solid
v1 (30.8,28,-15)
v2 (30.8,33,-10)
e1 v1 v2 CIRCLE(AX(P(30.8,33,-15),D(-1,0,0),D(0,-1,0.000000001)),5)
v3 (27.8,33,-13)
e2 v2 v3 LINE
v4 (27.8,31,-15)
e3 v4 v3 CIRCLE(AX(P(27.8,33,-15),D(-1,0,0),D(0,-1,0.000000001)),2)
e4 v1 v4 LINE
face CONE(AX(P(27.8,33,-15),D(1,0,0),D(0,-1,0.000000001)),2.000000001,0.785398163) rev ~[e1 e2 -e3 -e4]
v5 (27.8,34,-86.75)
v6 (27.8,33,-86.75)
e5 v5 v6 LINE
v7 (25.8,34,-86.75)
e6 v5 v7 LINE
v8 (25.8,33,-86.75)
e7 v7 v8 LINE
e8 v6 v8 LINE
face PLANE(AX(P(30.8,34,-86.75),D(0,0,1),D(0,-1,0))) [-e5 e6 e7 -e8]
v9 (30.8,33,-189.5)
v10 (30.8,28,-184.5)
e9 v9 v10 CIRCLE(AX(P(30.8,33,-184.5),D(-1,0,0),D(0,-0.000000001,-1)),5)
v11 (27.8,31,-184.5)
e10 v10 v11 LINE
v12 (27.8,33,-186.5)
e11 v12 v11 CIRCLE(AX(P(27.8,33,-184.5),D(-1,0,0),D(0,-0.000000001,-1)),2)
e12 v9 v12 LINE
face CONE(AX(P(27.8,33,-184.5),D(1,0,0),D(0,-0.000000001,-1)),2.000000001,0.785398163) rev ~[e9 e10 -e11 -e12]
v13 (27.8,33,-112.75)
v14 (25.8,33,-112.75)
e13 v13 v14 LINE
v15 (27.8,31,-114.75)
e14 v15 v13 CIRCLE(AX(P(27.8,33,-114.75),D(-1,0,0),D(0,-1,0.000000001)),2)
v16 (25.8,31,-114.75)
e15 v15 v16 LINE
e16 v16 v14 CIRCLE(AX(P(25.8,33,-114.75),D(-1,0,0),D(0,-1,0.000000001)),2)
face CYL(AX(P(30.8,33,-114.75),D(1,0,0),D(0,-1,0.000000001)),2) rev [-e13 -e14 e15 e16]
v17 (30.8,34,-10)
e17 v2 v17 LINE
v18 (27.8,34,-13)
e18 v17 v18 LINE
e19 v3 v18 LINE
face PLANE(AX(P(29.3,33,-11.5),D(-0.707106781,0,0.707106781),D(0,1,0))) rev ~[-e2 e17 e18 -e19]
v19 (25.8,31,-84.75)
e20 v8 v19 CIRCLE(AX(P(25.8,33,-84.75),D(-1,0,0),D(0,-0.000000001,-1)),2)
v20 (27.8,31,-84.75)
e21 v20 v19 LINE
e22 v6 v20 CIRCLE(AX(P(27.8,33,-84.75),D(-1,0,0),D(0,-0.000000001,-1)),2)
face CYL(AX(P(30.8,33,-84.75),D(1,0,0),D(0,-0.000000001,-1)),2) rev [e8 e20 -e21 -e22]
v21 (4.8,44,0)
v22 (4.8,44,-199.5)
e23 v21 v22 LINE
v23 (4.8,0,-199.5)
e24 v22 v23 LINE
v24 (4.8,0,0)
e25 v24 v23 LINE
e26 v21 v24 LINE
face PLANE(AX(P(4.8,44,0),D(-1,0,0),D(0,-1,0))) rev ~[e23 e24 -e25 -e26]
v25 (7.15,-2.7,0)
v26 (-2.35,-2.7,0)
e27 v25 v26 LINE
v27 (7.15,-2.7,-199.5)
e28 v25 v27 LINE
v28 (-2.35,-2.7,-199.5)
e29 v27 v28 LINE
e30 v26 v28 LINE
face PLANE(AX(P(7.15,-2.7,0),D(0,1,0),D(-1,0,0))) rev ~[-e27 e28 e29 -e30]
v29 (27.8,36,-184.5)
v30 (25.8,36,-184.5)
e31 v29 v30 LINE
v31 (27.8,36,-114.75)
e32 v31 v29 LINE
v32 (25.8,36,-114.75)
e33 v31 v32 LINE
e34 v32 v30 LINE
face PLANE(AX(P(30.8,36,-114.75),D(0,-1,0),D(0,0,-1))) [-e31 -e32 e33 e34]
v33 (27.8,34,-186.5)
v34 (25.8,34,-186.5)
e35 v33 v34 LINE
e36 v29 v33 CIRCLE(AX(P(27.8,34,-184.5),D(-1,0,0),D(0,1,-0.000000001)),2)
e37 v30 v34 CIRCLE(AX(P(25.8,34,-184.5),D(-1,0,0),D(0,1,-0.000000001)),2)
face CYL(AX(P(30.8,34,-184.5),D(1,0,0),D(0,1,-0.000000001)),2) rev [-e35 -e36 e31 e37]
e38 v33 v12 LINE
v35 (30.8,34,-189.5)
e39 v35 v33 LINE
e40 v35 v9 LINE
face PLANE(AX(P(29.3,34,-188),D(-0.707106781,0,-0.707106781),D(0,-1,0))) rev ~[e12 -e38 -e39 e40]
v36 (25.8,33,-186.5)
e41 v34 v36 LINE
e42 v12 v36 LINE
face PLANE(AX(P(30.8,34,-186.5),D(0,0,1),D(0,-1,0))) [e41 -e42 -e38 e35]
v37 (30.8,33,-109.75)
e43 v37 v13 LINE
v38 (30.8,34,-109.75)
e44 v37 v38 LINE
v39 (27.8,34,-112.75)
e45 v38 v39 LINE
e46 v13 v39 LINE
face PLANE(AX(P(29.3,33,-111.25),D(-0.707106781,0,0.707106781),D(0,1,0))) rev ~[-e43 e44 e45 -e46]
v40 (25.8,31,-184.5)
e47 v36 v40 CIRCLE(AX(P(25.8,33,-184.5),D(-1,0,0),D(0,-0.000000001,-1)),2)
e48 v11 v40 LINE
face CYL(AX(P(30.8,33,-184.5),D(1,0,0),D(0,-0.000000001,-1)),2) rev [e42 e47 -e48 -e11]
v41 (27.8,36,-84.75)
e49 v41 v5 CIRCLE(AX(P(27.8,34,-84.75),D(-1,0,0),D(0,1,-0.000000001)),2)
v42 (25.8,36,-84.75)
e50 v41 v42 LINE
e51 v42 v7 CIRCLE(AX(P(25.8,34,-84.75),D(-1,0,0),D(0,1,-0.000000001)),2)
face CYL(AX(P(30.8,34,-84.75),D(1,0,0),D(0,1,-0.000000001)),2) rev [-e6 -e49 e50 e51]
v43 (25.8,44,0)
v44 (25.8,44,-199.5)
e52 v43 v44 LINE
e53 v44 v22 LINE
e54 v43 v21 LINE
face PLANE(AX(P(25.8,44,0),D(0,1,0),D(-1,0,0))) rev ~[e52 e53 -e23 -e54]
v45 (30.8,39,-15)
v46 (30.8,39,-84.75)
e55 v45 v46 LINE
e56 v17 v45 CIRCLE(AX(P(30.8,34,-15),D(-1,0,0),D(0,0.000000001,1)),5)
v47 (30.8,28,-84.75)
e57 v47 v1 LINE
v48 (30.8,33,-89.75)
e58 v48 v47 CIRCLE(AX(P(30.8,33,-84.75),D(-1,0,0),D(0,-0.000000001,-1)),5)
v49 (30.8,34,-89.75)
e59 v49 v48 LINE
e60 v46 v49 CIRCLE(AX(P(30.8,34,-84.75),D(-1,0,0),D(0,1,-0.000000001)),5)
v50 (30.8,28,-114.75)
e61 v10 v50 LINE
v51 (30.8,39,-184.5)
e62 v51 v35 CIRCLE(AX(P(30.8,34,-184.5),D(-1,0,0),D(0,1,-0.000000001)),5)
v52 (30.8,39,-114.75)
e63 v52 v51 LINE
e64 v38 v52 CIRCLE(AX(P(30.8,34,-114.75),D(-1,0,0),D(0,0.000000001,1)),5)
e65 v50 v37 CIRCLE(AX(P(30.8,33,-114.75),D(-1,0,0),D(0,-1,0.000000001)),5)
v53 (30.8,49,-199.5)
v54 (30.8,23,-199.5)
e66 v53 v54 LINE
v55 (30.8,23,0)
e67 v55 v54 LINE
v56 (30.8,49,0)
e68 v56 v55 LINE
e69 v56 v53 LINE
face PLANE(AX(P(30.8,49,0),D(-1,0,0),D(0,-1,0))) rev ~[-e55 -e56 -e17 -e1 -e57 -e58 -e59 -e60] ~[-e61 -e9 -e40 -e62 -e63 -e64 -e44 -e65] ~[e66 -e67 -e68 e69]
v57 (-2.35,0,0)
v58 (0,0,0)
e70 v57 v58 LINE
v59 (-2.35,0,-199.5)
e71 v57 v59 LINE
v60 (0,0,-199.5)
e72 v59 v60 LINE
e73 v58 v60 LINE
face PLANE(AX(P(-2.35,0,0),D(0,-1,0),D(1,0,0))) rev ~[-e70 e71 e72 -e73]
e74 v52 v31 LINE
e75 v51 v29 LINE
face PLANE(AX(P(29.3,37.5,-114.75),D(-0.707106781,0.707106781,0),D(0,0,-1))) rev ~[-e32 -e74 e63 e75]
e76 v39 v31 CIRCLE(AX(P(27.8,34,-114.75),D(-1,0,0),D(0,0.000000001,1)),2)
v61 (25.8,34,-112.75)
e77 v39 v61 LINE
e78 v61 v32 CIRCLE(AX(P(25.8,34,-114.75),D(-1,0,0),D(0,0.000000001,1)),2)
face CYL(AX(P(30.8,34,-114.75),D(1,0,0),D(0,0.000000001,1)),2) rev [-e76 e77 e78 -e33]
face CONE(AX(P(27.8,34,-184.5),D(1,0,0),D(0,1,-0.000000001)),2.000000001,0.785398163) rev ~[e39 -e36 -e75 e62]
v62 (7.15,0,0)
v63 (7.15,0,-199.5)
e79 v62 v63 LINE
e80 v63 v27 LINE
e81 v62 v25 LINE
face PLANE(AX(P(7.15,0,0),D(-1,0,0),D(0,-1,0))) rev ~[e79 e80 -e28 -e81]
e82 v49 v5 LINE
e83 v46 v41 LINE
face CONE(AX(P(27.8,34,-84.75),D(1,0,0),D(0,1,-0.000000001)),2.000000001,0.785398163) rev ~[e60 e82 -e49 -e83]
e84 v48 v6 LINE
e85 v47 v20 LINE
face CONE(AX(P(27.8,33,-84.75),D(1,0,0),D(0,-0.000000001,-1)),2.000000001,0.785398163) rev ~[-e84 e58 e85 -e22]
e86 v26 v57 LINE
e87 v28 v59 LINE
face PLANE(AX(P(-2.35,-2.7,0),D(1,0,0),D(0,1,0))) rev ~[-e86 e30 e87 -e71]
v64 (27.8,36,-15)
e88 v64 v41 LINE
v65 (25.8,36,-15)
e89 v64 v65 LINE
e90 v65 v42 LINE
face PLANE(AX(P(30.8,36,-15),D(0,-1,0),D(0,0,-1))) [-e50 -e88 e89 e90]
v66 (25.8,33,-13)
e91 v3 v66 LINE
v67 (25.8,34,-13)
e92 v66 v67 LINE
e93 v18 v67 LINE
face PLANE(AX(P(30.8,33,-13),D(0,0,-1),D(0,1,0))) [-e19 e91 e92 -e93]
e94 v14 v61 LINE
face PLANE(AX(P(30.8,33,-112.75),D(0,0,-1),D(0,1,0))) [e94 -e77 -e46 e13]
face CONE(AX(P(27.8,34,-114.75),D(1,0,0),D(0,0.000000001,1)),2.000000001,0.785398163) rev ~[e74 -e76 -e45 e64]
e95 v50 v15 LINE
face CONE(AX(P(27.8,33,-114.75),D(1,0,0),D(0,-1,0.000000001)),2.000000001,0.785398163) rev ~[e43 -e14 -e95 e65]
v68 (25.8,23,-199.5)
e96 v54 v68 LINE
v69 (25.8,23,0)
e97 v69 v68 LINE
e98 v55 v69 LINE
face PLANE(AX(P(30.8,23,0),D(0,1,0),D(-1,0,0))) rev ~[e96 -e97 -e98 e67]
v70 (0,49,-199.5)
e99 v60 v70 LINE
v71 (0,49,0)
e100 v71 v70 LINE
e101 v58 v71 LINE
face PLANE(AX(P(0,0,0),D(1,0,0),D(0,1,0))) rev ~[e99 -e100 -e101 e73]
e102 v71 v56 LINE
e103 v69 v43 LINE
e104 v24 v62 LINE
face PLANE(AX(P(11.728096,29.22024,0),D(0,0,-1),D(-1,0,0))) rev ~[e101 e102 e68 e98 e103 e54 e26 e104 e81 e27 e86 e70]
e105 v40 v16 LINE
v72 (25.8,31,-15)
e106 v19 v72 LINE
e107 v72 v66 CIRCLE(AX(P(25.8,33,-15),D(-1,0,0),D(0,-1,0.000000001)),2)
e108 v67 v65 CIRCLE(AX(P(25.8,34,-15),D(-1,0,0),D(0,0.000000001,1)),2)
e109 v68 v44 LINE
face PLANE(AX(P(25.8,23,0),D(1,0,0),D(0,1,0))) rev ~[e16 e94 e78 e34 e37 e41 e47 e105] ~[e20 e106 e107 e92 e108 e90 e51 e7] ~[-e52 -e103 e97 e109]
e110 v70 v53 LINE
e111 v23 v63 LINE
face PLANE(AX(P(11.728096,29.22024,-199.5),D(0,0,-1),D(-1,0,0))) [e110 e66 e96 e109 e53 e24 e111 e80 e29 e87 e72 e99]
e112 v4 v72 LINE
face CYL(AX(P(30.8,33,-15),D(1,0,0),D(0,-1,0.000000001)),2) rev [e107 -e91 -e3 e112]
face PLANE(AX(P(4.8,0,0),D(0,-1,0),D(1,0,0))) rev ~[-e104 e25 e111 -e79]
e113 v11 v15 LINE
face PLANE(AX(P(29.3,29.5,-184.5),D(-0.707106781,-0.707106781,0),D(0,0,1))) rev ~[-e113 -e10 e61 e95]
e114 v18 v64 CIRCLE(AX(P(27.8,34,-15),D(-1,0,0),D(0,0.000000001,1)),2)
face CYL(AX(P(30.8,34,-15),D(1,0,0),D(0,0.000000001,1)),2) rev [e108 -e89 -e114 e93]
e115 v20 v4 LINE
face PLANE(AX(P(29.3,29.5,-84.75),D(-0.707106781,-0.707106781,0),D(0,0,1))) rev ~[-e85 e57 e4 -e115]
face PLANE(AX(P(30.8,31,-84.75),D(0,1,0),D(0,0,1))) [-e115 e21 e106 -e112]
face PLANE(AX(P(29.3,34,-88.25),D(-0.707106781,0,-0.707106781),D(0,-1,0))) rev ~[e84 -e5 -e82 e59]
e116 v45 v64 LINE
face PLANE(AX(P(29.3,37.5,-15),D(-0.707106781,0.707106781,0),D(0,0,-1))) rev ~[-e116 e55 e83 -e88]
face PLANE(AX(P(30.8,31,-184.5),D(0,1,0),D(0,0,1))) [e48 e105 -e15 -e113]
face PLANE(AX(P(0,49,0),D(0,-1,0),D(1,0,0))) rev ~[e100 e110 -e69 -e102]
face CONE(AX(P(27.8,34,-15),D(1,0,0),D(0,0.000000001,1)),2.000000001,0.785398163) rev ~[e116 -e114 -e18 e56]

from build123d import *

# Parameters (mm, degrees)
BOSS_EXTRUDE1_DEPTH = 199.5
CUT_EXTRUDE1_DEPTH  = 5
CHAMFER1_SIZE       = 3


with BuildPart() as part:
    # Sketch1 → Boss-Extrude1 (new body)
    with BuildSketch(Plane.XY):
        Polygon((0, 0), (0, 49), (30.8, 49), (30.8, 23), (25.8, 23), (25.8, 44), (4.8, 44), (4.8, 0), (7.15, 0), (7.15, -2.7), (-2.35, -2.7), (-2.35, 0), align=None)
    extrude(amount=-BOSS_EXTRUDE1_DEPTH)

    # Sketch2 → Cut-Extrude1 (cut)
    with BuildSketch(Plane(origin=(30.8, 0, 0), x_dir=(0, 0, -1), z_dir=(1, 0, 0))):
        with BuildLine():
            Line((15, 36), (84.75, 36))
            ThreePointArc((84.75, 36), (86.164213562, 35.414213562), (86.75, 34))
            Line((86.75, 34), (86.75, 33))
            ThreePointArc((86.75, 33), (86.164213562, 31.585786438), (84.75, 31))
            Line((84.75, 31), (15, 31))
            ThreePointArc((15, 31), (13.585786438, 31.585786438), (13, 33))
            Line((13, 33), (13, 34))
            ThreePointArc((13, 34), (13.585786438, 35.414213562), (15, 36))
        make_face()
        with BuildLine():
            Line((114.75, 36), (184.5, 36))
            ThreePointArc((184.5, 36), (185.914213562, 35.414213562), (186.5, 34))
            Line((186.5, 34), (186.5, 33))
            ThreePointArc((186.5, 33), (185.914213562, 31.585786438), (184.5, 31))
            Line((184.5, 31), (114.75, 31))
            ThreePointArc((114.75, 31), (113.335786438, 31.585786438), (112.75, 33))
            Line((112.75, 33), (112.75, 34))
            ThreePointArc((112.75, 34), (113.335786438, 35.414213562), (114.75, 36))
        make_face()
    extrude(amount=-CUT_EXTRUDE1_DEPTH, mode=Mode.SUBTRACT)

    # Chamfer1
    chamfer1_edges = [part.edges().sort_by_distance(p)[0] for p in [
        (30.8, 31.585786438, -185.914213562),
        (30.8, 33.5, -186.5),
        (30.8, 35.414213562, -185.914213562),
        (30.8, 36, -149.625),
        (30.8, 35.414213562, -113.335786438),
        (30.8, 33.5, -112.75),
        (30.8, 31.585786438, -113.335786438),
        (30.8, 31, -149.625),
        (30.8, 31.585786438, -86.164213562),
        (30.8, 33.5, -86.75),
        (30.8, 35.414213562, -86.164213562),
        (30.8, 36, -49.875),
        (30.8, 35.414213562, -13.585786438),
        (30.8, 33.5, -13),
        (30.8, 31.585786438, -13.585786438),
        (30.8, 31, -49.875),
    ]]
    chamfer(chamfer1_edges, length=CHAMFER1_SIZE)


solid = part.part
